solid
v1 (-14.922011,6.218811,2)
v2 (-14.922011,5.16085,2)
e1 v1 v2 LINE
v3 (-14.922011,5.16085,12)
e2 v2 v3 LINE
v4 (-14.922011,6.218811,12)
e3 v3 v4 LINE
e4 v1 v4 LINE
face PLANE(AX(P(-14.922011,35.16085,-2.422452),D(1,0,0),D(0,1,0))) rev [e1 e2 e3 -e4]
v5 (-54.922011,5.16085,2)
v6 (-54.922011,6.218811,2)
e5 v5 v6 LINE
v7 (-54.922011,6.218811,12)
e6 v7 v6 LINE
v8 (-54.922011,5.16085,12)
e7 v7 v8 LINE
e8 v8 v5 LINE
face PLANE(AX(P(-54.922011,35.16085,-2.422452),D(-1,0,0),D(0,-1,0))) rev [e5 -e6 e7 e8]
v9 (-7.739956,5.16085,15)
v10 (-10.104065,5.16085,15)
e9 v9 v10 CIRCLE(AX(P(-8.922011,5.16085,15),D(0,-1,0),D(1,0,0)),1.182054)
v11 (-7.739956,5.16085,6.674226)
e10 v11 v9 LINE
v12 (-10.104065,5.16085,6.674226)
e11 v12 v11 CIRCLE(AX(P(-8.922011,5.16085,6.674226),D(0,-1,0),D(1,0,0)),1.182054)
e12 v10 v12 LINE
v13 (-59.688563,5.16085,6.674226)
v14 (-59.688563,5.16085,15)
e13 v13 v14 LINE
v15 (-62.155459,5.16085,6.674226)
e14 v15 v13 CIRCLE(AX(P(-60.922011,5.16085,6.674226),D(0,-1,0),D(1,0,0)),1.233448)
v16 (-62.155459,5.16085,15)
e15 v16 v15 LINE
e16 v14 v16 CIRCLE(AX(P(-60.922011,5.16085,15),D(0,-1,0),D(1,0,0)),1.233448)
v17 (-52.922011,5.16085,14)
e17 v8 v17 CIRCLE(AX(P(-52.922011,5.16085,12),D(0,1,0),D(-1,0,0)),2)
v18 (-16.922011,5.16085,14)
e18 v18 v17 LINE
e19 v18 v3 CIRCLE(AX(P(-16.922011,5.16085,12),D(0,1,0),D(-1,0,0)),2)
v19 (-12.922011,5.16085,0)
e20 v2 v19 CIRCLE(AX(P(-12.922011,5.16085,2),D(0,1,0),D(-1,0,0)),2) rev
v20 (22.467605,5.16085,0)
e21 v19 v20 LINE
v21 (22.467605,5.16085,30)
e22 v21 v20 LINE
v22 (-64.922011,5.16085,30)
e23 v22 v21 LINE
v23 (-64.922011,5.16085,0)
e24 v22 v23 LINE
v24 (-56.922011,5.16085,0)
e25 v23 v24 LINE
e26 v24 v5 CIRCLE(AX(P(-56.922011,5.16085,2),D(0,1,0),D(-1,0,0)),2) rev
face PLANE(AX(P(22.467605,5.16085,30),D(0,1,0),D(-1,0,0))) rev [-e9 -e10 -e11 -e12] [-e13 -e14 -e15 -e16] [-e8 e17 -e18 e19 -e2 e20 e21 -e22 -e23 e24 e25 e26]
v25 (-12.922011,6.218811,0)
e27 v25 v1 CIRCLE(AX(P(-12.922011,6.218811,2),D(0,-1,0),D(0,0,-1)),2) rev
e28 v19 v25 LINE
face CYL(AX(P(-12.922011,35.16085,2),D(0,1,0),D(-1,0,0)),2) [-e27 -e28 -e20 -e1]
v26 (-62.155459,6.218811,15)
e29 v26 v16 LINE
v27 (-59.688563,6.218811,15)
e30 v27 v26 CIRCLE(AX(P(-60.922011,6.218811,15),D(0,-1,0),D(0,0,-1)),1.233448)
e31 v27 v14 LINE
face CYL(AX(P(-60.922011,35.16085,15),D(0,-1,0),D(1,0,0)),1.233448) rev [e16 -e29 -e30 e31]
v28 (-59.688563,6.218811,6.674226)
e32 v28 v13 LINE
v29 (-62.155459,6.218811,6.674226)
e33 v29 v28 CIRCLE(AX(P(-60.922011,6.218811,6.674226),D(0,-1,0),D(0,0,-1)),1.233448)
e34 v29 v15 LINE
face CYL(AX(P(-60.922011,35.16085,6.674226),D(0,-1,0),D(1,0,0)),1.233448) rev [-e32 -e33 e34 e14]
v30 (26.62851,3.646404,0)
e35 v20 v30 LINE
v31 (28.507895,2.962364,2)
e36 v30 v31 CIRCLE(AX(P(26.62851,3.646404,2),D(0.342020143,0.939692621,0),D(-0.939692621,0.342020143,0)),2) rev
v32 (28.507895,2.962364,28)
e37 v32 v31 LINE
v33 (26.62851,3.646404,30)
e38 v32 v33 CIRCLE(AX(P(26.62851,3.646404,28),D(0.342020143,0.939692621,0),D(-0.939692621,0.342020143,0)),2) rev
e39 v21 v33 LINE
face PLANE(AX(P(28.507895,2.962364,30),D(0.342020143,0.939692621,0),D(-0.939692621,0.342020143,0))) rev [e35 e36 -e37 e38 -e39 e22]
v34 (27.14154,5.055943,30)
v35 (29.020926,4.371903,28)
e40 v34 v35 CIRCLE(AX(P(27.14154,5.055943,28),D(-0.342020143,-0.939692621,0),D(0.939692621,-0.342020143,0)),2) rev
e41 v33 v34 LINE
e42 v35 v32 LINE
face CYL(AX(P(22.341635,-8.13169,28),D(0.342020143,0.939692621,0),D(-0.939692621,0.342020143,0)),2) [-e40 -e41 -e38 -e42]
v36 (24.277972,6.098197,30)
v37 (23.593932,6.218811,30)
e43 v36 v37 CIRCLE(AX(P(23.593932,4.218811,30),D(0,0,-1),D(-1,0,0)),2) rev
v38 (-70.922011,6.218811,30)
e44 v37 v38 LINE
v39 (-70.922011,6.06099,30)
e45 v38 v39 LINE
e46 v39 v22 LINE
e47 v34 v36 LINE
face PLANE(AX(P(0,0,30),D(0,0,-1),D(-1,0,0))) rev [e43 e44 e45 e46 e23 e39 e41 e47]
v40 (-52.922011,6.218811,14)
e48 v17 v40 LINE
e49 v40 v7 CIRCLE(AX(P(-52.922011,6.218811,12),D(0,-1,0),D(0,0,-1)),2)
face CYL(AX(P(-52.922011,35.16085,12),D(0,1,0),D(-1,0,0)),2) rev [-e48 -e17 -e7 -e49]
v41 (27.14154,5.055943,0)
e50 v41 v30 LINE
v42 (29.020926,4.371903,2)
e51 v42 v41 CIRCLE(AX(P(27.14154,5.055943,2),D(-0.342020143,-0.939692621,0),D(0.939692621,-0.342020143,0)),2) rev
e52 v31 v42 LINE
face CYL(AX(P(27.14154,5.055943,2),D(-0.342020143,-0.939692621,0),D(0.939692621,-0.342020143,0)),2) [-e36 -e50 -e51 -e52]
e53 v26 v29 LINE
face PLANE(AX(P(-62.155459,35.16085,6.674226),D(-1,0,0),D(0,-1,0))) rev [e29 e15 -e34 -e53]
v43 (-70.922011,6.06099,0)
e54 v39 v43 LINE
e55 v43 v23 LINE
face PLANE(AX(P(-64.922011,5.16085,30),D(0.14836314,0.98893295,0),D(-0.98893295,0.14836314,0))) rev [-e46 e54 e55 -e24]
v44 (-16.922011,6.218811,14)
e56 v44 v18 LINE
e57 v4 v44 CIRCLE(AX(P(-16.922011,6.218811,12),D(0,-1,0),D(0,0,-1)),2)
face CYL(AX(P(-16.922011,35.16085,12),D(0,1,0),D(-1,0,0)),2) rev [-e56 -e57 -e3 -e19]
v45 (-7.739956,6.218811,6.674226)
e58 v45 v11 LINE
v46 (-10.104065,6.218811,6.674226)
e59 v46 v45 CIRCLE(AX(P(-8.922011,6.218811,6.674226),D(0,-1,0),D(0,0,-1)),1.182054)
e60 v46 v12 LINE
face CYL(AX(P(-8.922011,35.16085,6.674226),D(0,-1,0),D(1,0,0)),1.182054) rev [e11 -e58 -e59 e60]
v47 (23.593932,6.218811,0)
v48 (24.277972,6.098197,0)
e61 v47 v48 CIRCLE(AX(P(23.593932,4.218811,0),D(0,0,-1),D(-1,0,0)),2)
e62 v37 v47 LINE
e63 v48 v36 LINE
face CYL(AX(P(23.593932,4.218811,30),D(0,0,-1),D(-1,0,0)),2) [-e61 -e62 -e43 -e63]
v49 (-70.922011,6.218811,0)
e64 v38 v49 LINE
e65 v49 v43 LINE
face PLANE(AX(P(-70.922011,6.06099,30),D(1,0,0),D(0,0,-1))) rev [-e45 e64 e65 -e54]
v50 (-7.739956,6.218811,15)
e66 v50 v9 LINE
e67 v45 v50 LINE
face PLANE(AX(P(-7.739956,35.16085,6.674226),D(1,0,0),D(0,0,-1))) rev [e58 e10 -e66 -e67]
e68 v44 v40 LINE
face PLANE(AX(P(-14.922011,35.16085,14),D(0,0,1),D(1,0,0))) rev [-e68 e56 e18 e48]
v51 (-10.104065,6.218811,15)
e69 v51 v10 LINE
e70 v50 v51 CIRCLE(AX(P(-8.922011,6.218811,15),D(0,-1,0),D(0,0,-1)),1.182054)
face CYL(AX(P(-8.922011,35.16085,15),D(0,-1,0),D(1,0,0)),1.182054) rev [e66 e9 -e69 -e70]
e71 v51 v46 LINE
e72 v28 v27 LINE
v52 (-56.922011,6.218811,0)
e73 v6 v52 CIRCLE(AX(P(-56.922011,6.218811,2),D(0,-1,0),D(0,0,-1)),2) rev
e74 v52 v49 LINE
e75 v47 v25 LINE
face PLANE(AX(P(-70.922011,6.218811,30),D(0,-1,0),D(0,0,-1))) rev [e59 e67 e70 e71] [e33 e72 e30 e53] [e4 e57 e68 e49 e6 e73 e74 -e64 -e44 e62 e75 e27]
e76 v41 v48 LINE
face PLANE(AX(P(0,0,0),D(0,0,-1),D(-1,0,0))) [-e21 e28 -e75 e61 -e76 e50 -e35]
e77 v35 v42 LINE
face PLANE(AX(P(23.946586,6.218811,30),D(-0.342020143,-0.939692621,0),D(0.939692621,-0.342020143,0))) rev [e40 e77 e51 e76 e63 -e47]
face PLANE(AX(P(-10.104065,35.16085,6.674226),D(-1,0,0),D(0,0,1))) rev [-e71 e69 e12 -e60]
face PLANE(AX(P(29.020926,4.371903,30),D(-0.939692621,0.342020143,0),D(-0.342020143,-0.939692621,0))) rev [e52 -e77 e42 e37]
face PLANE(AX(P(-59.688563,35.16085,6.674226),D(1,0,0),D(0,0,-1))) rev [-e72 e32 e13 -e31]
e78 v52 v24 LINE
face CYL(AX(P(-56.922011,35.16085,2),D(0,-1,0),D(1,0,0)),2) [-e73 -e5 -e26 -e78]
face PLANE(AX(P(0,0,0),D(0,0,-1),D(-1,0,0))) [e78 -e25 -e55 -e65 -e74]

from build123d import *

# Parameters (mm, degrees)
BOSS_EXTRUDE1_DEPTH = 30
FILLET10_R          = 2
FILLET11_R          = 2
SKETCH4_W           = 40
SKETCH4_H           = 16.42245212
CUT_EXTRUDE1_DEPTH  = 30
FILLET12_R          = 2


with BuildPart() as part:
    # Sketch2 → Boss-Extrude1 (new body)
    with BuildSketch(Plane.XY):
        Polygon((-70.922010647, 6.21881141), (23.946585559, 6.21881141), (29.020925711, 4.371902636), (28.507895496, 2.962363705), (22.467605346, 5.160849526), (-64.922010647, 5.160849526), (-70.922010647, 6.060990271), align=None)
    extrude(amount=BOSS_EXTRUDE1_DEPTH)

    # Fillet10
    fillet10_edges = [part.edges().sort_by_distance(p)[0] for p in [
        (28.764410604, 3.667133171, 30),
        (28.764410604, 3.667133171, 0),
    ]]
    fillet(fillet10_edges, radius=FILLET10_R)

    # Fillet11
    fillet11_edges = [part.edges().sort_by_distance(p)[0] for p in [
        (23.946585559, 6.21881141, 15),
    ]]
    fillet(fillet11_edges, radius=FILLET11_R)

    # Sketch4 → Cut-Extrude1 (cut)
    with BuildSketch(Plane.XZ.offset(-5.160849526)):
        with Locations((-34.922010647, 5.78877394)):
            Rectangle(SKETCH4_W, SKETCH4_H)
        with BuildLine():
            Line((-59.68856271, 6.67422642), (-59.68856271, 15))
            ThreePointArc((-59.68856271, 15), (-60.922010647, 16.233447938), (-62.155458585, 15))
            Line((-62.155458585, 15), (-62.155458585, 6.67422642))
            ThreePointArc((-62.155458585, 6.67422642), (-60.922010647, 5.440778483), (-59.68856271, 6.67422642))
        make_face()
        with BuildLine():
            Line((-7.739956374, 6.67422642), (-7.739956374, 15))
            ThreePointArc((-7.739956374, 15), (-8.922010647, 16.182054274), (-10.104064921, 15))
            Line((-10.104064921, 15), (-10.104064921, 6.67422642))
            ThreePointArc((-10.104064921, 6.67422642), (-8.922010647, 5.492172147), (-7.739956374, 6.67422642))
        make_face()
    extrude(amount=-CUT_EXTRUDE1_DEPTH, mode=Mode.SUBTRACT)

    # Fillet12
    fillet12_edges = [part.edges().sort_by_distance(p)[0] for p in [
        (-54.922010647, 5.689830468, 0),
        (-14.922010647, 5.689830468, 0),
        (-54.922010647, 5.689830468, 14),
        (-14.922010647, 5.689830468, 14),
    ]]
    fillet(fillet12_edges, radius=FILLET12_R)


solid = part.part
